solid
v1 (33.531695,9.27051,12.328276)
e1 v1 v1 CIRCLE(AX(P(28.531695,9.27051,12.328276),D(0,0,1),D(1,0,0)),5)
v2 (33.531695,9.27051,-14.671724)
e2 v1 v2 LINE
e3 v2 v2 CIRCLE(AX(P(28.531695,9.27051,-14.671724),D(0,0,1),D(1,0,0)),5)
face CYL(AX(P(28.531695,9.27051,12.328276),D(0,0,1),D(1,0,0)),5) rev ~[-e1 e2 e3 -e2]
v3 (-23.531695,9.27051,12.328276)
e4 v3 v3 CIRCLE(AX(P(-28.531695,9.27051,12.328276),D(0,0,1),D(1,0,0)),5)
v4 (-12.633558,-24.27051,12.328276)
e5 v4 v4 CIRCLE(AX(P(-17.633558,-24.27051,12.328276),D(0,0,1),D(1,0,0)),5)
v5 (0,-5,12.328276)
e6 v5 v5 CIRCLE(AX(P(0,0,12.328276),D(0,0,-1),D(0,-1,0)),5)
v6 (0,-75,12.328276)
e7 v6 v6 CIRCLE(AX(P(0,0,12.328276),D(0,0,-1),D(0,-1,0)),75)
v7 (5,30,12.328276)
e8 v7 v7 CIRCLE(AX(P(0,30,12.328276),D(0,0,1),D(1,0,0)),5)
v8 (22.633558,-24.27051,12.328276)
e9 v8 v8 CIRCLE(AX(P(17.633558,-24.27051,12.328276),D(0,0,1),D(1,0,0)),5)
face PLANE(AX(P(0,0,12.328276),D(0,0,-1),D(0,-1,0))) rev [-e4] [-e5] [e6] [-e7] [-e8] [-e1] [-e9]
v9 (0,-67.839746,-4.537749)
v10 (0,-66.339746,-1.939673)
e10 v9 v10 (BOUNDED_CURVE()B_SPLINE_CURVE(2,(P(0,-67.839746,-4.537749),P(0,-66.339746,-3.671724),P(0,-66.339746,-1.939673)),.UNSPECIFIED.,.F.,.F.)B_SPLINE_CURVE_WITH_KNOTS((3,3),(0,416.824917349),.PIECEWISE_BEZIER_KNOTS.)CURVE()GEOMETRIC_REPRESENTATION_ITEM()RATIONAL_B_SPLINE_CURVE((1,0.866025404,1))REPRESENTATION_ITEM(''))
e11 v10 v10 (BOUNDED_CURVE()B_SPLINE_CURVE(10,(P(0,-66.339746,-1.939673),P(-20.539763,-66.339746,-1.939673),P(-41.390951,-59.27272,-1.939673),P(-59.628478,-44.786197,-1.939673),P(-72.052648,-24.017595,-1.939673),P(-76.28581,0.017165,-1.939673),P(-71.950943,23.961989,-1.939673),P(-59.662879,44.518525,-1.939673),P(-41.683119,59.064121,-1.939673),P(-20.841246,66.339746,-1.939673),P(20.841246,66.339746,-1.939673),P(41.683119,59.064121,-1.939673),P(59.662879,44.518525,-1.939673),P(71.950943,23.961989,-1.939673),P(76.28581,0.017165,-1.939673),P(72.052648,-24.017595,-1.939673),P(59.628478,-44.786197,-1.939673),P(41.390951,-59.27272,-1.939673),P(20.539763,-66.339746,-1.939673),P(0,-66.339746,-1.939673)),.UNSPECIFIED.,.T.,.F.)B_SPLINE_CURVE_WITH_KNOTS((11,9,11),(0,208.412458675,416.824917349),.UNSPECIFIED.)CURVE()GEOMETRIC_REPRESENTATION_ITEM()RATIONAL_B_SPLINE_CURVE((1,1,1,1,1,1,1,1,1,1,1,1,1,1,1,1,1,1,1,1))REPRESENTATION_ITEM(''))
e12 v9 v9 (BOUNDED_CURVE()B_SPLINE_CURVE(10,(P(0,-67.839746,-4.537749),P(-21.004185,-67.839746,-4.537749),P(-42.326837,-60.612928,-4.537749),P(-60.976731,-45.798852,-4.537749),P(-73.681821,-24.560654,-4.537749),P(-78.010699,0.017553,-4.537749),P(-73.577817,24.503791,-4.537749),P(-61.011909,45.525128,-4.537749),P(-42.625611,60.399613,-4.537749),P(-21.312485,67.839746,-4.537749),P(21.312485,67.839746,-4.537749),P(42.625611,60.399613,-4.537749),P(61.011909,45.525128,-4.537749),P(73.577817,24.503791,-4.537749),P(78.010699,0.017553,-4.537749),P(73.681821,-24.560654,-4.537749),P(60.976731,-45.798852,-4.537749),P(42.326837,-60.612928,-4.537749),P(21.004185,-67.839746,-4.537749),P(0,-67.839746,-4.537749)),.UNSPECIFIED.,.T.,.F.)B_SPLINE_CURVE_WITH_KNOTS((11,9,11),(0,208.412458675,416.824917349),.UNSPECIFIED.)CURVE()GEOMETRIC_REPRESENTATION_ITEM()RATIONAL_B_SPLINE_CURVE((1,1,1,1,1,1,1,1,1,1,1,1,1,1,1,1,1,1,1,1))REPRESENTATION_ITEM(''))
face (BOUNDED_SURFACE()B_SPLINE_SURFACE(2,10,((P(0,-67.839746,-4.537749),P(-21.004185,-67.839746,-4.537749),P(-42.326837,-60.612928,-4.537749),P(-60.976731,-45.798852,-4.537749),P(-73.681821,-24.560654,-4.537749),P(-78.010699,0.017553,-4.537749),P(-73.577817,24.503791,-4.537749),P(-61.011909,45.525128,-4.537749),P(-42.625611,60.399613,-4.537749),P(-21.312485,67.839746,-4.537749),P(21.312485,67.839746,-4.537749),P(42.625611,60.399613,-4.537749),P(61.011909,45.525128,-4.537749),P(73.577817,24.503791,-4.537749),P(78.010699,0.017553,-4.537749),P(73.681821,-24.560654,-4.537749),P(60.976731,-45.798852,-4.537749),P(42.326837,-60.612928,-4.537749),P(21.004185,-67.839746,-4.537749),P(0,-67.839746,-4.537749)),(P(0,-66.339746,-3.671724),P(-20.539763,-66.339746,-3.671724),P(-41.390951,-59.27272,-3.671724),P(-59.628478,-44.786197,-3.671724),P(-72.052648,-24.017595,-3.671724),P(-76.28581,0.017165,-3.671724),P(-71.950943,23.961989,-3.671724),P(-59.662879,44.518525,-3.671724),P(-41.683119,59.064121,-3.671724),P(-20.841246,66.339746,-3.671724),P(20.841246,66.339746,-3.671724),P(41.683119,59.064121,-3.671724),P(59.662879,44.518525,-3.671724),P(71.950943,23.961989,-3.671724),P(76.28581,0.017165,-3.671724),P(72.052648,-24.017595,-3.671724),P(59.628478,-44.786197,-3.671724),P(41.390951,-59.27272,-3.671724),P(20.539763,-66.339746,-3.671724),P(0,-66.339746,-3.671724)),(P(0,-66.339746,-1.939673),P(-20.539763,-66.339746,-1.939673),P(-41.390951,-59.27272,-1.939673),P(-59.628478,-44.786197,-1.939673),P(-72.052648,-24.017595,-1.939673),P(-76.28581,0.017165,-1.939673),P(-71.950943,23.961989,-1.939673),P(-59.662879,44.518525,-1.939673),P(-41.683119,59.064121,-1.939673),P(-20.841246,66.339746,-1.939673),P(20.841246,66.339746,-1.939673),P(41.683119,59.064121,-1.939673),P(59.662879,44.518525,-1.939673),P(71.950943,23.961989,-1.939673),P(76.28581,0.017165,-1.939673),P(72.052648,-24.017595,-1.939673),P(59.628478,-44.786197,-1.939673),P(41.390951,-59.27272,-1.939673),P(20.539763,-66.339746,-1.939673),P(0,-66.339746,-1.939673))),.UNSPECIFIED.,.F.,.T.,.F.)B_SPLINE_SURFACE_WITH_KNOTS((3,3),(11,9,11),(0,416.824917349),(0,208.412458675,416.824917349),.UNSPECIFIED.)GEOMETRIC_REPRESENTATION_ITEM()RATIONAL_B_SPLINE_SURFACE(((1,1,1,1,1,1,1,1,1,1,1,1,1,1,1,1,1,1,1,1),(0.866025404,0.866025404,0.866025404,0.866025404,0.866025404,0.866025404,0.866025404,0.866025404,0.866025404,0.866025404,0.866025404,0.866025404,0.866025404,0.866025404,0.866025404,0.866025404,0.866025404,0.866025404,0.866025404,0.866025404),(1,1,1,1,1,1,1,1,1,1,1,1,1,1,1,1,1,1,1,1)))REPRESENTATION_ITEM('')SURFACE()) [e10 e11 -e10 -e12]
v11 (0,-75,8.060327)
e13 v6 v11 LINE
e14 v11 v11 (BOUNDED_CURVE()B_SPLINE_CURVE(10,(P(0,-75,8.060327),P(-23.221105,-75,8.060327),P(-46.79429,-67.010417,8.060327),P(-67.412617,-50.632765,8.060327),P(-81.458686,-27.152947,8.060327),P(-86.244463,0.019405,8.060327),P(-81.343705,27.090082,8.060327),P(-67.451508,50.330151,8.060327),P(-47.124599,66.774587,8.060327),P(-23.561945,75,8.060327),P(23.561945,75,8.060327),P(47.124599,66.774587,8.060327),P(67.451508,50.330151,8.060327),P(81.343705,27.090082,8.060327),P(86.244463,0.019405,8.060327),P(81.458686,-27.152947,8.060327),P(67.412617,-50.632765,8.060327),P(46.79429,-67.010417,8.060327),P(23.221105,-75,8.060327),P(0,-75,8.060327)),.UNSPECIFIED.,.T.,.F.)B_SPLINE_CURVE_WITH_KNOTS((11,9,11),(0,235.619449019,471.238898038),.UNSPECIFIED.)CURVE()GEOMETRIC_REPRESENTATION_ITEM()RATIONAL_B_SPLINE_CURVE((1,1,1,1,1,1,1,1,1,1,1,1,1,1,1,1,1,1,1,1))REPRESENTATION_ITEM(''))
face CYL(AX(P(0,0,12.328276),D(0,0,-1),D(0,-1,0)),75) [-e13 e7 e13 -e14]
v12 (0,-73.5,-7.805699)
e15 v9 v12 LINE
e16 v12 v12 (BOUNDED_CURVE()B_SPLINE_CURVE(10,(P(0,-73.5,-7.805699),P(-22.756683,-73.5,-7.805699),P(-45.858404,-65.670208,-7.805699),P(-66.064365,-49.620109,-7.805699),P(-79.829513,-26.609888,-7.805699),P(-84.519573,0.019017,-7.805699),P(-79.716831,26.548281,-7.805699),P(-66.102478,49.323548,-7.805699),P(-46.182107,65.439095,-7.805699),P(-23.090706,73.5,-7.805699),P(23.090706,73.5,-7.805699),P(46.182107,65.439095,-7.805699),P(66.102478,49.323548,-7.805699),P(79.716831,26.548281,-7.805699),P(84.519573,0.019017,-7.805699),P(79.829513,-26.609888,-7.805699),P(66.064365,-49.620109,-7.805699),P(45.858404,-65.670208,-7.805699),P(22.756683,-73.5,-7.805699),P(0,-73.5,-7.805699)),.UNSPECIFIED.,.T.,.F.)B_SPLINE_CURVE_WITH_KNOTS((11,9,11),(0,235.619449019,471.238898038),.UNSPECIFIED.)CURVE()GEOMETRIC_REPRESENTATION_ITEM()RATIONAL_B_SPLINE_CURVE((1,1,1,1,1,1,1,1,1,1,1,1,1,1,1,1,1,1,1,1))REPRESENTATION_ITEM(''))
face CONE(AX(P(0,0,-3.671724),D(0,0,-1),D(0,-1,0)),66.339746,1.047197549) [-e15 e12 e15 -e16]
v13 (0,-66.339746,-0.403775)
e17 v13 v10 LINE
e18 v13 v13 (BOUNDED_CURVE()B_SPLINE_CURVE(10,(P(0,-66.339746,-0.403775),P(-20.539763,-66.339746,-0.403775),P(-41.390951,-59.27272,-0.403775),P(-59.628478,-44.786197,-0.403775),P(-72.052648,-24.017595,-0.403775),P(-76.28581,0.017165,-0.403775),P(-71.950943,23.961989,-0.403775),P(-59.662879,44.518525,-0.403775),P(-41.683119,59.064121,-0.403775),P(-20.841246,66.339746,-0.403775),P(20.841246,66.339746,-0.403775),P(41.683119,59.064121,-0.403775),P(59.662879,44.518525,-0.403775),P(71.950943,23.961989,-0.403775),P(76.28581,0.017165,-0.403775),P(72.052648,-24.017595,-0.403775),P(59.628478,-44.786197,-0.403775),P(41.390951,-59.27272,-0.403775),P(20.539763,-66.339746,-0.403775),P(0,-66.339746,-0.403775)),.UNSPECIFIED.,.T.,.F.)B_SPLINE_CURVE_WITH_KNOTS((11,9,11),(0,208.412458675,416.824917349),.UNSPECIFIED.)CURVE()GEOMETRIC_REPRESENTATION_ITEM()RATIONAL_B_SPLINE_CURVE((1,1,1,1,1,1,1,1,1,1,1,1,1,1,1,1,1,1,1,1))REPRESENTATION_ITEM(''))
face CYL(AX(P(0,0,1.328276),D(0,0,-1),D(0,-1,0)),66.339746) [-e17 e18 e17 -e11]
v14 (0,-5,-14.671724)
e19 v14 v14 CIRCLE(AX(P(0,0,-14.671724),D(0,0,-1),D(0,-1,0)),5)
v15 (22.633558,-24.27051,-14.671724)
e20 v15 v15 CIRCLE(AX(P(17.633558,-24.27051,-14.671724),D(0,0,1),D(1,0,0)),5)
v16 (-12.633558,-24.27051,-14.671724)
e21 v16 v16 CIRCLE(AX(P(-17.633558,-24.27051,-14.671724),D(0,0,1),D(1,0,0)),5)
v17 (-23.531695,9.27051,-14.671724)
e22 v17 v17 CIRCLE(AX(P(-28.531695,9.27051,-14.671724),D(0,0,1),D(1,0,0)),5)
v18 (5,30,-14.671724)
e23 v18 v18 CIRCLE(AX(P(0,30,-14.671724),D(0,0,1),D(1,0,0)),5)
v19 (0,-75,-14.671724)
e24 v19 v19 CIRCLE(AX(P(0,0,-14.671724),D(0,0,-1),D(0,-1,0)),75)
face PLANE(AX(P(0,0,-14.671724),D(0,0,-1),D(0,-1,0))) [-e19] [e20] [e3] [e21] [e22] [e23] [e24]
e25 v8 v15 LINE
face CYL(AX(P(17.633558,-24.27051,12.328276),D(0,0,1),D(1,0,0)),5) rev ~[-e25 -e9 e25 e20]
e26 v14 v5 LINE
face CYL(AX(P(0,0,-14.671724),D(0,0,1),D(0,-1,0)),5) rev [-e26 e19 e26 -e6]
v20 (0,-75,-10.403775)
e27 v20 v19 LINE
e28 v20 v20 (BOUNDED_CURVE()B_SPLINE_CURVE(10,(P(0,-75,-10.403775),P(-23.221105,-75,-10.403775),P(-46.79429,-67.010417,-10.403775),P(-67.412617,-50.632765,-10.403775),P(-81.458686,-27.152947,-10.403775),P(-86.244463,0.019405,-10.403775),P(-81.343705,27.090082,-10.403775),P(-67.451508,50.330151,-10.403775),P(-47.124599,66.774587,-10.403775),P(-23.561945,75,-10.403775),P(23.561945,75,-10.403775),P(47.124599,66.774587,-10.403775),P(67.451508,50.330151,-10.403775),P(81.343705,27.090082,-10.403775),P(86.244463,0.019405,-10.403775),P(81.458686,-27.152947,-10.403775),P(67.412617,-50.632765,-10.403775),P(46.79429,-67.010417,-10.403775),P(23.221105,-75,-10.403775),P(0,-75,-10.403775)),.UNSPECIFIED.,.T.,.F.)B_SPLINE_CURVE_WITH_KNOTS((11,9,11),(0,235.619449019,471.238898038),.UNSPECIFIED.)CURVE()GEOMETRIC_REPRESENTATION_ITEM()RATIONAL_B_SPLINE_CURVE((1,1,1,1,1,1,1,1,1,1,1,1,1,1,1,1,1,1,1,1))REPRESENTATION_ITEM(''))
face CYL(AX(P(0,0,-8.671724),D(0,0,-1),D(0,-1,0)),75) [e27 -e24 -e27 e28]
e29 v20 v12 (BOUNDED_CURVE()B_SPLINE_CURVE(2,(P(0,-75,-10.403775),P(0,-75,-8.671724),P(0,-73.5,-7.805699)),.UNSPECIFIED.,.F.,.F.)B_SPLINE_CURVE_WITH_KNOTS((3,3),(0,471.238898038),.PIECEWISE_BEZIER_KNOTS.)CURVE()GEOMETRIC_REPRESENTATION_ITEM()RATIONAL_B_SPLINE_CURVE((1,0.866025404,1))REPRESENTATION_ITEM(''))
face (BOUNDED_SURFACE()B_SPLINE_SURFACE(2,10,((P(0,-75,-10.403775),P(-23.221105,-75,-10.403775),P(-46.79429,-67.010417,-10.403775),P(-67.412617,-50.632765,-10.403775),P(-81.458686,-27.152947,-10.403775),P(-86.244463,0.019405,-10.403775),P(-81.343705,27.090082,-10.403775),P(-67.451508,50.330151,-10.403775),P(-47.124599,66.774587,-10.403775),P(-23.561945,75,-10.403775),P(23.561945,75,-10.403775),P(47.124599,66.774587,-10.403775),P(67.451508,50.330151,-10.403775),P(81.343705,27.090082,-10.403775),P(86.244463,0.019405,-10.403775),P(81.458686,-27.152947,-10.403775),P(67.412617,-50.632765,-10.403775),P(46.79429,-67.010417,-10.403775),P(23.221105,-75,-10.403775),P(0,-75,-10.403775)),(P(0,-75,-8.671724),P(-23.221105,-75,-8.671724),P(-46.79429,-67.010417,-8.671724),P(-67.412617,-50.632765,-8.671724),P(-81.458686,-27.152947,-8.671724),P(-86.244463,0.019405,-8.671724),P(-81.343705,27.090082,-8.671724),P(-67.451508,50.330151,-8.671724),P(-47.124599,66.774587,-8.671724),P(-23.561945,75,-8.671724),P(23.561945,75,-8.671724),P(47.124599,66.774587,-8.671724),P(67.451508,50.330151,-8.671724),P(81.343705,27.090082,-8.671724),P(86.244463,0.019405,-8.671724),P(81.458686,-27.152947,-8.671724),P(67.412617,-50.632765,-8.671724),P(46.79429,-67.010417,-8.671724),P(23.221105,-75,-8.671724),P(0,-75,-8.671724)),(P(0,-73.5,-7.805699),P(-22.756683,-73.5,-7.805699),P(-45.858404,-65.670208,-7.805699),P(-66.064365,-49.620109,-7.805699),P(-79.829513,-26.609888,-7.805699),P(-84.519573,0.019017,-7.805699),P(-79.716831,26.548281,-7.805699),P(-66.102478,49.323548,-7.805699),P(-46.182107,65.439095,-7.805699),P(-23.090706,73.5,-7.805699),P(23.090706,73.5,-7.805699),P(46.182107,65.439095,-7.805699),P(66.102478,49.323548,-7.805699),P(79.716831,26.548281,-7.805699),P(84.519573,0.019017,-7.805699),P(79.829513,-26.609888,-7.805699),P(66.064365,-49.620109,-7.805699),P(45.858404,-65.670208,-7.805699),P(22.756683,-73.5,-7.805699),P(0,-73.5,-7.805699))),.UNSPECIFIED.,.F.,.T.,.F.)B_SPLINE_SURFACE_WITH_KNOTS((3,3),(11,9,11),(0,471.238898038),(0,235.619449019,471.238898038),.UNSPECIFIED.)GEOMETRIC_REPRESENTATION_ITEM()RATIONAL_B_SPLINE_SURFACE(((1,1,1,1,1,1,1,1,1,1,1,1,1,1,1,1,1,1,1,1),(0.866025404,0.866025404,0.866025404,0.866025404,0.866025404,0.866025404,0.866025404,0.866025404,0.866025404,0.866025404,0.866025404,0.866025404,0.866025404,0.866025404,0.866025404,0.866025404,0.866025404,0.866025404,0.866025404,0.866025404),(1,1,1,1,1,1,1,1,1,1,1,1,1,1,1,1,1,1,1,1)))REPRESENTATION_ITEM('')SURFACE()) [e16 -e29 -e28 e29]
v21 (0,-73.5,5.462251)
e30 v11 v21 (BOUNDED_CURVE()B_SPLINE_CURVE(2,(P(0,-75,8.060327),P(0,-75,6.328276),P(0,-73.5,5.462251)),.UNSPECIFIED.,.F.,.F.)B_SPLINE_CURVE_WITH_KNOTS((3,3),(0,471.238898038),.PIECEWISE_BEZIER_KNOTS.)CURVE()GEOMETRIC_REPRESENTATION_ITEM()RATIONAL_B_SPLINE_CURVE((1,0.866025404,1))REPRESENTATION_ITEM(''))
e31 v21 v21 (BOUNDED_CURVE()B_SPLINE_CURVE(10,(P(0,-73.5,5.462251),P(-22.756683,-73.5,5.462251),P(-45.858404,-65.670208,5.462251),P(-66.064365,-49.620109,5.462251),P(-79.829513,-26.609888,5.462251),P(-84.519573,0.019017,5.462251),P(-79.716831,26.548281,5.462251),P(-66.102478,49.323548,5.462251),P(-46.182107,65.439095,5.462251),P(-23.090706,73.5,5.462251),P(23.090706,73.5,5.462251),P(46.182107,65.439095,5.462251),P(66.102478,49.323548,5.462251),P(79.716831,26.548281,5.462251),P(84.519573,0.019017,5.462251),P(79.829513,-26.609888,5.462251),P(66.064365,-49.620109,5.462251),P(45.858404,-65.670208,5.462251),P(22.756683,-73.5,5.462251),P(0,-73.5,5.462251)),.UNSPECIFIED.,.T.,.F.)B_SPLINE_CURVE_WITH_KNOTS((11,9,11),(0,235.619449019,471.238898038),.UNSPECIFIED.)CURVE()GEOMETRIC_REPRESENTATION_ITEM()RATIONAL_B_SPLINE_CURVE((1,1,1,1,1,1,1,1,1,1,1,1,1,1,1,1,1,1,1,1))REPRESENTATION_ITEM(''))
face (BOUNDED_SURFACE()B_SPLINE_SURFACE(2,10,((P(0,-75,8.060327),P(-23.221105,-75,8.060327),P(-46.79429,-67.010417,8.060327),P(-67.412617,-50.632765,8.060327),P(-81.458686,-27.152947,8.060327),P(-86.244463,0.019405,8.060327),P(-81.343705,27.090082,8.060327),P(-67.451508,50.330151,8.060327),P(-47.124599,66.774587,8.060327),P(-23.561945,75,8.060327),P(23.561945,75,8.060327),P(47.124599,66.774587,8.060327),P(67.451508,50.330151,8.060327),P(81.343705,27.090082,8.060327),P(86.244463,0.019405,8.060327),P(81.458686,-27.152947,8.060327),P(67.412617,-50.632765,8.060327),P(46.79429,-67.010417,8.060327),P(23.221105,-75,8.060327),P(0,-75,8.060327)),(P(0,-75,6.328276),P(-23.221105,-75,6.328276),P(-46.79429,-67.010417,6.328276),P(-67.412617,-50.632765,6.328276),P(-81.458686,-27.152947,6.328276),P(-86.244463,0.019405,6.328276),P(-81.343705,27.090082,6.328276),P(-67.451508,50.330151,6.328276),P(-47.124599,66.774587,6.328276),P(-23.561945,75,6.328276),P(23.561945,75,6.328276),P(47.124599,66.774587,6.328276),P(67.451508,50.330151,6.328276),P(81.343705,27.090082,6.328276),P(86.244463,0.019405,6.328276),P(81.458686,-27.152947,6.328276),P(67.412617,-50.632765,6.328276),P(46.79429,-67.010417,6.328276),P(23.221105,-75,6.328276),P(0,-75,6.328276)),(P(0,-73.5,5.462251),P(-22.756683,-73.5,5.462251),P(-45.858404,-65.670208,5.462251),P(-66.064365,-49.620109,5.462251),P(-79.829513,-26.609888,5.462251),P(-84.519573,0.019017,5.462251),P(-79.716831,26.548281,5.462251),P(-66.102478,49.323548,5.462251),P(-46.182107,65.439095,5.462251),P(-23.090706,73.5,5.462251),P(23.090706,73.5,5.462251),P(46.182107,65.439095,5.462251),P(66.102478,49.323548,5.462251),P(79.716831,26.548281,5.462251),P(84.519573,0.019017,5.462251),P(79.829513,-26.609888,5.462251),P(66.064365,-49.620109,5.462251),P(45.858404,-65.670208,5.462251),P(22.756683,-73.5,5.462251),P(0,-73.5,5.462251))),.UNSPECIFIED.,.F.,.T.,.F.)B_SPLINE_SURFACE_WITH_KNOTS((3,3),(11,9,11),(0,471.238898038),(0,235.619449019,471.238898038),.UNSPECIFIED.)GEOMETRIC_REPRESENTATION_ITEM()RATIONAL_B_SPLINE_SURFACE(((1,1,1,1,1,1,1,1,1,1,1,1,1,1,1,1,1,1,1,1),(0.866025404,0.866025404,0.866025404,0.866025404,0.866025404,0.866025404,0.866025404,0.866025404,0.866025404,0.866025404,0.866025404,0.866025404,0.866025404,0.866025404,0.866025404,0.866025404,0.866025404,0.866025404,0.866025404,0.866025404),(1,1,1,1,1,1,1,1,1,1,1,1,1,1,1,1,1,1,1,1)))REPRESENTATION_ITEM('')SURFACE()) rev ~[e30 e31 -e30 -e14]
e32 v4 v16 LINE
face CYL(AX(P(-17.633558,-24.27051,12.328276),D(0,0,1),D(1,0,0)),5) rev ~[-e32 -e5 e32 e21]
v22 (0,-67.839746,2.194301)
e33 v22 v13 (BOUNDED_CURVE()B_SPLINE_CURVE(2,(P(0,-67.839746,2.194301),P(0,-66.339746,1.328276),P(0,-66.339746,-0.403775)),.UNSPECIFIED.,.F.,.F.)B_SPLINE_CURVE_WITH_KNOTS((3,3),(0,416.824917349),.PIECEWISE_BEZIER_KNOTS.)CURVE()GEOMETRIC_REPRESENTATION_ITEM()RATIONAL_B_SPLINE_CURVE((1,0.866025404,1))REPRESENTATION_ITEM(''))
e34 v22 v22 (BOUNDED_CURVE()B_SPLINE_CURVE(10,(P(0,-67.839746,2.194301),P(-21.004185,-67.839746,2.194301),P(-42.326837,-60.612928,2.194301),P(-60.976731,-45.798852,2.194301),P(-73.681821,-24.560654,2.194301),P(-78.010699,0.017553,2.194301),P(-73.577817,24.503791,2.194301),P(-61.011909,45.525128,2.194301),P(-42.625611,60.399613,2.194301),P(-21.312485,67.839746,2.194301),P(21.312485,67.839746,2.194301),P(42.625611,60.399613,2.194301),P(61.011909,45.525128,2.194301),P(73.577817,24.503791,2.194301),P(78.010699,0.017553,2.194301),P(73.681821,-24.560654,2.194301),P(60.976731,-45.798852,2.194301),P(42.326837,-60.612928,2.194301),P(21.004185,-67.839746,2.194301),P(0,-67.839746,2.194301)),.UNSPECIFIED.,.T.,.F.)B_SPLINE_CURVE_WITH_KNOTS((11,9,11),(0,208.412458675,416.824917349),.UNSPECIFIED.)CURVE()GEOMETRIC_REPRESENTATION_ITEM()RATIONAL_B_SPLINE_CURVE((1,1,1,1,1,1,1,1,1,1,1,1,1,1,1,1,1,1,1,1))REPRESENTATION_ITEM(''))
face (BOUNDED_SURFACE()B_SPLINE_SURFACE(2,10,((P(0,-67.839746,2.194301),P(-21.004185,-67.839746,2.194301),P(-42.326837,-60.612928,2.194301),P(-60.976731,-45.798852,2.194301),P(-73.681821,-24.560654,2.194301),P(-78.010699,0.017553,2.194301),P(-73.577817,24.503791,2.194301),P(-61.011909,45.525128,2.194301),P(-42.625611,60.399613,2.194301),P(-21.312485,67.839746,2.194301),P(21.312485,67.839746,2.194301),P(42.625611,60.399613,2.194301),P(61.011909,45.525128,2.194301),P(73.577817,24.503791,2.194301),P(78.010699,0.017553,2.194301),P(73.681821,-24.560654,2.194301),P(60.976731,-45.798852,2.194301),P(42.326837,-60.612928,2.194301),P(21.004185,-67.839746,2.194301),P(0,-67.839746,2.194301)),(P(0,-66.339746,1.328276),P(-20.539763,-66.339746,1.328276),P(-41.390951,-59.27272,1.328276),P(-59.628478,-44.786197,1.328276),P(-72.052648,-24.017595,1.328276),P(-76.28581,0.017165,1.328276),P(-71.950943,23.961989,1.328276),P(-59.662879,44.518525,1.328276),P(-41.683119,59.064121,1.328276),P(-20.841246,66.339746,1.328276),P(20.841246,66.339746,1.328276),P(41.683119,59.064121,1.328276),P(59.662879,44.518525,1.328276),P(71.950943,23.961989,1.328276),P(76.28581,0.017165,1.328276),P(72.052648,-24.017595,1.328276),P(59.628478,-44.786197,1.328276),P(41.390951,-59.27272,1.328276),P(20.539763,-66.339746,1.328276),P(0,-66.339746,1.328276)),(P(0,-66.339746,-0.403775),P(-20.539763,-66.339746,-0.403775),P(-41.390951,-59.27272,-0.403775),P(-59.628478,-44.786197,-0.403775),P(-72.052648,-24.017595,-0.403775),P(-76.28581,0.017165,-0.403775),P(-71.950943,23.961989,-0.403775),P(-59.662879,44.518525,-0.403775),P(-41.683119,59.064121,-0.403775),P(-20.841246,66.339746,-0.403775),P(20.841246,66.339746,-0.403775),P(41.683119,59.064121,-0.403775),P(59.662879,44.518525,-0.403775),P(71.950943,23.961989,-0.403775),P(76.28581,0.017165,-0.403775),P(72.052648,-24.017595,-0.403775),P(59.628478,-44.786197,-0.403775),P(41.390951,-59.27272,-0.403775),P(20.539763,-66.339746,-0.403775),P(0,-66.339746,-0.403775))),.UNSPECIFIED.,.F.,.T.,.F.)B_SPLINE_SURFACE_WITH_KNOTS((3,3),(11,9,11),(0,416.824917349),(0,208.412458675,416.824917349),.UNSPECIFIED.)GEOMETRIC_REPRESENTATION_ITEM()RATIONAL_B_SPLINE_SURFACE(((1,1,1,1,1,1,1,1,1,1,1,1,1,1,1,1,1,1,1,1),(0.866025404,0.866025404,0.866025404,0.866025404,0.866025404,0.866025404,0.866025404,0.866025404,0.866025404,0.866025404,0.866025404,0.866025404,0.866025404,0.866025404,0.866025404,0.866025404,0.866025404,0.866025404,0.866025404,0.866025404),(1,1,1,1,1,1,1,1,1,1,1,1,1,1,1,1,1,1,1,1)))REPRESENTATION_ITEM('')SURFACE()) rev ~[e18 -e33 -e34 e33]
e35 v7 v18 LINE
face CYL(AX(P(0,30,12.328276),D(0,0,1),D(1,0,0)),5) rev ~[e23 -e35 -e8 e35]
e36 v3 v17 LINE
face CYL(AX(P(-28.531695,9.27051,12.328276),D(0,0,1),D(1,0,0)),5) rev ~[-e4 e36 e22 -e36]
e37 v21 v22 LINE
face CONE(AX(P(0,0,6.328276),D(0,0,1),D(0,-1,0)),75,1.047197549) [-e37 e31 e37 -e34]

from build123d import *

# Parameters (mm, degrees)
F2_R     = 5
F3_DEPTH = 27
F4_R     = 3


with BuildPart() as f1:
    # F0 (on Right) → F1 (revolve)
    with BuildSketch(Plane.YZ):
        Polygon((-5, -14.671724), (-5, 12.328276), (-75, 12.328276), (-75, 6.328276), (-66.339746, 1.328276), (-66.339746, -3.671724), (-75, -8.671724), (-75, -14.671724), align=None)
    revolve(axis=Axis((0, 0, 3.030096), (0, 0, -1)))

    # F2 (on face) → F3 (cut, through all)
    with BuildSketch(Plane.XY.offset(12.328276)):
        with Locations((-28.531695, 9.27051)):
            Circle(F2_R)
        with Locations((0, 30)):
            Circle(F2_R)
        with Locations((17.633558, -24.27051)):
            Circle(F2_R)
        with Locations((-17.633558, -24.27051)):
            Circle(F2_R)
        with Locations((28.531695, 9.27051)):
            Circle(F2_R)
    extrude(amount=-F3_DEPTH, mode=Mode.SUBTRACT)

    # F4
    f4_edges = [f1.edges().sort_by_distance(p)[0] for p in [
        (0, 75, 6.328276),
        (0, 66.339746, 1.328276),
        (0, 66.339746, -3.671724),
        (0, 75, -8.671724),
    ]]
    fillet(f4_edges, radius=F4_R)


solid = f1.part
